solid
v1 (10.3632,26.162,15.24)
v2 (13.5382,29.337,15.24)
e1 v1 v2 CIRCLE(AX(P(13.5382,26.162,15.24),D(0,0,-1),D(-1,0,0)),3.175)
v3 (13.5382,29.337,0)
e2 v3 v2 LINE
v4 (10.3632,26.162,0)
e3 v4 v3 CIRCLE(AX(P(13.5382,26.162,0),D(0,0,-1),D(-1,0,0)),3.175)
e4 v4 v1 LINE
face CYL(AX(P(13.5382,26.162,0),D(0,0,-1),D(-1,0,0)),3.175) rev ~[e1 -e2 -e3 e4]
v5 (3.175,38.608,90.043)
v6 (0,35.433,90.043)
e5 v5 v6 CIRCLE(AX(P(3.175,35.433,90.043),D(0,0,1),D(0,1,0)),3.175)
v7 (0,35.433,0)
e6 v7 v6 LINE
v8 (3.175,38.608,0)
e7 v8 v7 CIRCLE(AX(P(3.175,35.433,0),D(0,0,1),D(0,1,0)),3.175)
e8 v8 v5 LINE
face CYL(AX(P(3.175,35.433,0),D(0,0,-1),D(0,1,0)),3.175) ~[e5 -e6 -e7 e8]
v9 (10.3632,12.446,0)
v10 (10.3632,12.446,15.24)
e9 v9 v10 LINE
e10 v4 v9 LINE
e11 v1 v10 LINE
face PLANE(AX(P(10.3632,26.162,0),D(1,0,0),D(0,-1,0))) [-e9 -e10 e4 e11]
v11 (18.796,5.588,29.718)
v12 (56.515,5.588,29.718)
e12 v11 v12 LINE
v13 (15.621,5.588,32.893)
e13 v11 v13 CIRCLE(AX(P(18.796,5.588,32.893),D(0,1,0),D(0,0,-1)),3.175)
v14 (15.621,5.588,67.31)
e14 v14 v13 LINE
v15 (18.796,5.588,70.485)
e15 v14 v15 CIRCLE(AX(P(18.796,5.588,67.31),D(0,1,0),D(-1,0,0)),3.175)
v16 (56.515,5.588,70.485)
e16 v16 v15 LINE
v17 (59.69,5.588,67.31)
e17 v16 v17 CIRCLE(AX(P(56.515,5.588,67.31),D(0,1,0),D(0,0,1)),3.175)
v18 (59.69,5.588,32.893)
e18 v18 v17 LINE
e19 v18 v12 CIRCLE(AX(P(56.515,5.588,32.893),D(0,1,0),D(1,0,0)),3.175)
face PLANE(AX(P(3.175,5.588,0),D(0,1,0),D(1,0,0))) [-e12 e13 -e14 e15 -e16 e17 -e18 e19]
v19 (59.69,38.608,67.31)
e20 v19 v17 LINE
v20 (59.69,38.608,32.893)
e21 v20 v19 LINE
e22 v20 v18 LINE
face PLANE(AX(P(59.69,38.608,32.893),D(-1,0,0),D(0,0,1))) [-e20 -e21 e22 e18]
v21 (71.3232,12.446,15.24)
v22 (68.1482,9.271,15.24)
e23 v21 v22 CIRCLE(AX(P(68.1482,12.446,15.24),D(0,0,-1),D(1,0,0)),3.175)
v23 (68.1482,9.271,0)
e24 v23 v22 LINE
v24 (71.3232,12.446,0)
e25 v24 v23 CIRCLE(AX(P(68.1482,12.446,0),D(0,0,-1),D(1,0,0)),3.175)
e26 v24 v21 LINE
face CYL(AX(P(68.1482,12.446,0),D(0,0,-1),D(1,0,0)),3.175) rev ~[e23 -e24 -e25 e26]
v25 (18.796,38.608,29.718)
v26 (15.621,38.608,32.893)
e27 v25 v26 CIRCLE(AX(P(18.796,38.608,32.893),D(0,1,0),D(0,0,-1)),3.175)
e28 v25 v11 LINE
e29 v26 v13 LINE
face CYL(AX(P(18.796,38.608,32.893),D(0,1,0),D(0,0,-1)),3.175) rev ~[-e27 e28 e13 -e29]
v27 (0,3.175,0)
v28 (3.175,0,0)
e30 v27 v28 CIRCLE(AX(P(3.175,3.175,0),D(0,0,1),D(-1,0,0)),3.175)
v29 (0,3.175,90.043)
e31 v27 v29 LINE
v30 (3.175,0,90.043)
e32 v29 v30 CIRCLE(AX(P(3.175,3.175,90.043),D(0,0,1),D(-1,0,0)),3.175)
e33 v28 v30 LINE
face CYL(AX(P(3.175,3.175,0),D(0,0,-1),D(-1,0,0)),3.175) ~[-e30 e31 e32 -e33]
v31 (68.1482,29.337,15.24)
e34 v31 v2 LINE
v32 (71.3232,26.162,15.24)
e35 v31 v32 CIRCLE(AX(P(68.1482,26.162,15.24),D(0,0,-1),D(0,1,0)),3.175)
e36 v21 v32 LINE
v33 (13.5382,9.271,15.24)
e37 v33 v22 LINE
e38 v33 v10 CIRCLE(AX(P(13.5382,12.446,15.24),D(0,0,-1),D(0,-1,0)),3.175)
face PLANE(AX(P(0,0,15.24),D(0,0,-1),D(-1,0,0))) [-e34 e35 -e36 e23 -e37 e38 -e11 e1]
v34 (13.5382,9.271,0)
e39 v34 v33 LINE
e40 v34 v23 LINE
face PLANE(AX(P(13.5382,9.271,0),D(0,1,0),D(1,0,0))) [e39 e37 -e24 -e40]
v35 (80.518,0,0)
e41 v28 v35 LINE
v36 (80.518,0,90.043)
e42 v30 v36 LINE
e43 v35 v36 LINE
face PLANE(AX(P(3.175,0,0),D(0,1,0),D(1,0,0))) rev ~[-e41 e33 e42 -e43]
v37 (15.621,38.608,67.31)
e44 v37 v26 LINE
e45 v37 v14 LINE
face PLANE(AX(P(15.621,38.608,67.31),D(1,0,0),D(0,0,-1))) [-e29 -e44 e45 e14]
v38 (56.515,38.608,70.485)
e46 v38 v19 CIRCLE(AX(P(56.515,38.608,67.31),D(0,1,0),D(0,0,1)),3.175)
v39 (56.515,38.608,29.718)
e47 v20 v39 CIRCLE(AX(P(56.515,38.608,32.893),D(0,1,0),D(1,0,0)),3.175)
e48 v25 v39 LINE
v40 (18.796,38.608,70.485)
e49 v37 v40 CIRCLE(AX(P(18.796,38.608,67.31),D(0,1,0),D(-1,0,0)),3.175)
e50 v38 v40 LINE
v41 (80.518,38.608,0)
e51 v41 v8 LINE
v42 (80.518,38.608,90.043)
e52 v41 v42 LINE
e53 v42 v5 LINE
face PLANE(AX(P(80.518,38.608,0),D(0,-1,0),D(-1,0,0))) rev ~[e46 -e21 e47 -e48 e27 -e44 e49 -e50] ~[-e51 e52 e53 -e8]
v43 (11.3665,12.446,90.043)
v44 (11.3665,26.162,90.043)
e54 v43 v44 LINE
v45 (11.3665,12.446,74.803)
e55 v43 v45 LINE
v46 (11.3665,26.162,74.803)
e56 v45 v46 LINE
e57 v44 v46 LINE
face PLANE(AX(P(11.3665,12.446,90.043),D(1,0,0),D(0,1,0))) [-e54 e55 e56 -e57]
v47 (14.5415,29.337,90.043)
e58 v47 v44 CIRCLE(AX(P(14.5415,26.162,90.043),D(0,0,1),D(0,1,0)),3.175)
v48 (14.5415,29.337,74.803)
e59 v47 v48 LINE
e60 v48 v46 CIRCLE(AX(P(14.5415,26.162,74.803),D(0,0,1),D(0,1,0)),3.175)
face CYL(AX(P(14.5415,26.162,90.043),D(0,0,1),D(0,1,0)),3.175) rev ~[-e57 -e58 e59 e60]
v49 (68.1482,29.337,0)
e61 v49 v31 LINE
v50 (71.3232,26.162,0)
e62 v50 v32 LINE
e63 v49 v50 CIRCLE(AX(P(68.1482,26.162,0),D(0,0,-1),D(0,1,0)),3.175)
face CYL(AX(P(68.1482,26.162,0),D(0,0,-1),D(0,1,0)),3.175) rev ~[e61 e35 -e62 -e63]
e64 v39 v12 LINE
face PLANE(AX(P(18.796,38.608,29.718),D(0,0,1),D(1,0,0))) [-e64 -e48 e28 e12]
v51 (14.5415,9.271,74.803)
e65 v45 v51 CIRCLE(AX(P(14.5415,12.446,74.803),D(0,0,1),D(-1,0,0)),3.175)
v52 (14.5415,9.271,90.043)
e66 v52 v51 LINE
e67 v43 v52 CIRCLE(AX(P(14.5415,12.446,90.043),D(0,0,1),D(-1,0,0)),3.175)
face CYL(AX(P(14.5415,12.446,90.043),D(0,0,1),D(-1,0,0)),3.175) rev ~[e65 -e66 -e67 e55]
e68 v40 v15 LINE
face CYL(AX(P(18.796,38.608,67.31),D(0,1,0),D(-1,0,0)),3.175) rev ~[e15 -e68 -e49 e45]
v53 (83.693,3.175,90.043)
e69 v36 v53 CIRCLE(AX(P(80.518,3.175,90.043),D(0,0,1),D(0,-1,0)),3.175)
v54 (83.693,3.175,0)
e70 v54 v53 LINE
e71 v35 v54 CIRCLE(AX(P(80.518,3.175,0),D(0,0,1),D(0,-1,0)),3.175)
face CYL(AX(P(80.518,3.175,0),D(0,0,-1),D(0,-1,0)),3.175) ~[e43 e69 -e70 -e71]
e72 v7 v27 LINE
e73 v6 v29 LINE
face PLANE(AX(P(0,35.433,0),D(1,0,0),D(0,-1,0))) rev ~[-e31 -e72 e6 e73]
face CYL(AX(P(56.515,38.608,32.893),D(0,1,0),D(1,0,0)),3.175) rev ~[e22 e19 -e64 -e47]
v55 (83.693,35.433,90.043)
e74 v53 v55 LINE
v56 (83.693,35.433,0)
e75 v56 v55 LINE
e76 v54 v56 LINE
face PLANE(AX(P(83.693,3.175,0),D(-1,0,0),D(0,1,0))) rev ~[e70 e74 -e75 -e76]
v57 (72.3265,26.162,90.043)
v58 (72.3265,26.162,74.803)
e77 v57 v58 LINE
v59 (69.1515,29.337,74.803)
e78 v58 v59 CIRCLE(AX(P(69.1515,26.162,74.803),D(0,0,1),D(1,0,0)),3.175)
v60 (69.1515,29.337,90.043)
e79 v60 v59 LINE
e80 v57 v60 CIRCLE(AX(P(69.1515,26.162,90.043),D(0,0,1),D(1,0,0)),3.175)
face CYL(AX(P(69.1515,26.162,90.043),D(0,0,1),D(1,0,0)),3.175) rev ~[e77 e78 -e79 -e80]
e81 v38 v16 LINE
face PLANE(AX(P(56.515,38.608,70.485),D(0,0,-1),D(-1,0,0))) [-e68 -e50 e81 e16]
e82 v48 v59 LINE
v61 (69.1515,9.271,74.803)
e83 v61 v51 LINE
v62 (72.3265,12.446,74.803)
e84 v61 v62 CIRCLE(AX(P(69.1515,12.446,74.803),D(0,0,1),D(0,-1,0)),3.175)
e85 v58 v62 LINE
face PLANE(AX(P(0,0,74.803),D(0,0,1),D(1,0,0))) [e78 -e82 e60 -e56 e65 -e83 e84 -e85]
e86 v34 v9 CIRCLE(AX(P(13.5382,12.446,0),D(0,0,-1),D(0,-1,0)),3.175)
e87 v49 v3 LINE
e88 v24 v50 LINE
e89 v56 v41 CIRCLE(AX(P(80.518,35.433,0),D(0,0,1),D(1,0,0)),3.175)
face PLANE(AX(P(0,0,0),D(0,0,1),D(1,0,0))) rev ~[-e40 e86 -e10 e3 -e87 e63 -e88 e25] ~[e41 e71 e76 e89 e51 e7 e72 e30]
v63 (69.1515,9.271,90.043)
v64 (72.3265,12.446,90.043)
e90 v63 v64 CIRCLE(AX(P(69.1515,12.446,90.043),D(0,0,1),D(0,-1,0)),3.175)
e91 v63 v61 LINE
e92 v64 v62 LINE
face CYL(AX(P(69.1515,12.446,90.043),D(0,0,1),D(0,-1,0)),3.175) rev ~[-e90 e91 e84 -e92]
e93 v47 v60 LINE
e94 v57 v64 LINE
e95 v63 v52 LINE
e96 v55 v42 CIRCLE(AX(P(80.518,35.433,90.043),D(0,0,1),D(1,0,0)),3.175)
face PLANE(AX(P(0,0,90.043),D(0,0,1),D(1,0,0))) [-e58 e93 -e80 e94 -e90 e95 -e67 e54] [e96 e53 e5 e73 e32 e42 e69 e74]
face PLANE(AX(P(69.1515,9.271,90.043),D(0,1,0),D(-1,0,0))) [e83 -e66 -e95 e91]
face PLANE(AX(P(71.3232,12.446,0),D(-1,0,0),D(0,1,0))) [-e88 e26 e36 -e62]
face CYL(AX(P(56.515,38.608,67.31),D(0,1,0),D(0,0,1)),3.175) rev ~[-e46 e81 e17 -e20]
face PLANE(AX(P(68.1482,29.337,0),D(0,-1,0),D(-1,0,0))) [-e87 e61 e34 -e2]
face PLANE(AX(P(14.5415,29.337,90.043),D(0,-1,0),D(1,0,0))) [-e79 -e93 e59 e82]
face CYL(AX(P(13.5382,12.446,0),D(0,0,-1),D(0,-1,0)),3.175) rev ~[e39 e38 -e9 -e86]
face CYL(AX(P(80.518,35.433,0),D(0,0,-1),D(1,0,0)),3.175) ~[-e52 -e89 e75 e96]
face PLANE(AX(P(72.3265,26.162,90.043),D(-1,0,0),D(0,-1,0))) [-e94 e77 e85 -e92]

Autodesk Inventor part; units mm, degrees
ref_plane "YZ Plane" through (0, 0, 0) normal (1, 0, 0) x (0, 1, 0)
ref_plane "XZ Plane" through (0, 0, 0) normal (0, 1, 0) x (-1, 0, 0)
ref_plane "XY Plane" through (0, 0, 0) normal (0, 0, 1) x (1, 0, 0)
sketch "Sketch1" plane through (0, 0, 0) normal (0, 0, 1) x (1, 0, 0)
  line L0 (3.175, 0) -> (80.518, 0)
  line L1 (83.693, 3.175) -> (83.693, 35.433)
  line L2 (80.518, 38.608) -> (3.175, 38.608)
  line L3 (0, 35.433) -> (0, 3.175)
  arc A0 (3.175, 38.608) -> (0, 35.433) centre (3.175, 35.433) ccw
  arc A1 (0, 3.175) -> (3.175, 0) centre (3.175, 3.175) ccw
  arc A2 (80.518, 0) -> (83.693, 3.175) centre (80.518, 3.175) ccw
  arc A3 (83.693, 35.433) -> (80.518, 38.608) centre (80.518, 35.433) ccw
  point P0 (0, 0)
  point P1 (83.693, 38.608)
  point P2 (83.693, 0)
  point P3 (0, 38.608)
  dimension "d0" = 83.693
  dimension "d1" = 38.608
  dimension "d2" = 3.175
extrude "Extrusion1" add sketch "Sketch1" along normal blind 90.043
sketch "Sketch2" plane through (3.175, 38.608, 0) normal (0, 1, 0) x (1, 0, 0)
  line L0 (0, 0) -> (77.343, 0) projected
  line L1 (12.4957, 0) -> (42.2137, 0) construction
  line L2 (0, 0) -> (0, -90.043) projected
  line L3 (77.343, -90.043) -> (0, -90.043) projected
  line L4 (77.343, 0) -> (77.343, -90.043) projected
  line L5 (0, 0) -> (77.343, 0) projected
  line L6 (0, 0) -> (-3.175, 0) projected
  line L7 (80.518, 0) -> (77.343, 0) projected
  line L8 (-3.175, -90.043) -> (0, -90.043) projected
  line L9 (77.343, -90.043) -> (80.518, -90.043) projected
  line L10 (-3.175, 0) -> (-3.175, -90.043) projected
  line L11 (15.621, -29.718) -> (53.34, -29.718)
  line L12 (56.515, -32.893) -> (56.515, -67.31)
  line L13 (53.34, -70.485) -> (15.621, -70.485)
  line L14 (12.446, -67.31) -> (12.446, -32.893)
  arc A0 (15.621, -29.718) -> (12.446, -32.893) centre (15.621, -32.893) ccw
  arc A1 (56.515, -32.893) -> (53.34, -29.718) centre (53.34, -32.893) ccw
  arc A2 (53.34, -70.485) -> (56.515, -67.31) centre (53.34, -67.31) ccw
  arc A3 (12.446, -67.31) -> (15.621, -70.485) centre (15.621, -67.31) ccw
  point P0 (56.515, -70.485)
  point P1 (56.515, -29.718)
  point P2 (12.446, -70.485)
  dimension "d9" = 44.069
  dimension "d10" = 40.767
  dimension "d11" = 15.621
  dimension "d12" = 29.718
  dimension "d13" = 3.175
extrude "Extrusion2" cut sketch "Sketch2" against normal blind 33.02 contours L11 A1 L12 A2 L13 A3 L14 A0
sketch "Sketch3" plane through (0, 0, 90.043) normal (0, 0, 1) x (1, 0, 0)
  line L0 (80.518, 38.608) -> (3.175, 38.608) projected
  line L1 (11.684, 38.608) -> (20.955, 38.608) construction
  line L2 (14.5415, 29.337) -> (69.1515, 29.337)
  line L3 (72.3265, 26.162) -> (72.3265, 12.446)
  line L4 (69.1515, 9.271) -> (14.5415, 9.271)
  line L5 (11.3665, 12.446) -> (11.3665, 26.162)
  arc A0 (14.5415, 29.337) -> (11.3665, 26.162) centre (14.5415, 26.162) ccw
  arc A1 (72.3265, 26.162) -> (69.1515, 29.337) centre (69.1515, 26.162) ccw
  arc A2 (69.1515, 9.271) -> (72.3265, 12.446) centre (69.1515, 12.446) ccw
  arc A3 (11.3665, 12.446) -> (14.5415, 9.271) centre (14.5415, 12.446) ccw
  line L6 (83.693, 3.175) -> (83.693, 35.433) projected
  line L7 (0, 35.433) -> (0, 3.175) projected
  line L8 (3.175, 0) -> (80.518, 0) projected
  point P0 (0, 0)
  point P1 (72.3265, 9.271)
  point P2 (72.3265, 29.337)
  point P3 (11.3665, 9.271)
  dimension "d19" = 60.96
  dimension "d20" = 20.066
  dimension "d21" = 3.175
  dimension "d24" = 11.3665
  dimension "d25" = 9.271
extrude "Extrusion3" cut sketch "Sketch3" against normal blind 15.24
sketch "Sketch4" plane through (0, 0, 0) normal (0, 0, -1) x (-1, 0, 0)
  line L0 (-68.1482, 29.337) -> (-13.5382, 29.337)
  line L1 (-10.3632, 26.162) -> (-10.3632, 12.446)
  line L2 (-13.5382, 9.271) -> (-68.1482, 9.271)
  line L3 (-71.3232, 12.446) -> (-71.3232, 26.162)
  arc A0 (-68.1482, 29.337) -> (-71.3232, 26.162) centre (-68.1482, 26.162) ccw
  arc A1 (-10.3632, 26.162) -> (-13.5382, 29.337) centre (-13.5382, 26.162) ccw
  arc A2 (-13.5382, 9.271) -> (-10.3632, 12.446) centre (-13.5382, 12.446) ccw
  arc A3 (-71.3232, 12.446) -> (-68.1482, 9.271) centre (-68.1482, 12.446) ccw
  line L4 (-3.175, 38.608) -> (-80.518, 38.608) projected
  arc A4 (-80.518, 38.608) -> (-83.693, 35.433) centre (-80.518, 35.433) ccw projected
  line L5 (-83.693, 35.433) -> (-83.693, 3.175) projected
  arc A5 (-83.693, 3.175) -> (-80.518, 0) centre (-80.518, 3.175) ccw projected
  line L6 (-80.518, 0) -> (-3.175, 0) projected
  arc A6 (-3.175, 0) -> (0, 3.175) centre (-3.175, 3.175) ccw projected
  line L7 (0, 3.175) -> (0, 35.433) projected
  arc A7 (0, 35.433) -> (-3.175, 38.608) centre (-3.175, 35.433) ccw projected
  point P0 (0, 0)
  point P1 (-10.3632, 9.271)
  point P2 (-10.3632, 29.337)
  point P3 (-71.3232, 9.271)
  dimension "d28" = 60.96
  dimension "d29" = 20.066
  dimension "d30" = 3.175
  dimension "d31" = 10.3632
  dimension "d32" = 9.271
extrude "Extrusion5" cut sketch "Sketch4" against normal blind 15.24 contours L0 A1 L1 A2 L2 A3 L3 A0
properties part number "Middle Body"
